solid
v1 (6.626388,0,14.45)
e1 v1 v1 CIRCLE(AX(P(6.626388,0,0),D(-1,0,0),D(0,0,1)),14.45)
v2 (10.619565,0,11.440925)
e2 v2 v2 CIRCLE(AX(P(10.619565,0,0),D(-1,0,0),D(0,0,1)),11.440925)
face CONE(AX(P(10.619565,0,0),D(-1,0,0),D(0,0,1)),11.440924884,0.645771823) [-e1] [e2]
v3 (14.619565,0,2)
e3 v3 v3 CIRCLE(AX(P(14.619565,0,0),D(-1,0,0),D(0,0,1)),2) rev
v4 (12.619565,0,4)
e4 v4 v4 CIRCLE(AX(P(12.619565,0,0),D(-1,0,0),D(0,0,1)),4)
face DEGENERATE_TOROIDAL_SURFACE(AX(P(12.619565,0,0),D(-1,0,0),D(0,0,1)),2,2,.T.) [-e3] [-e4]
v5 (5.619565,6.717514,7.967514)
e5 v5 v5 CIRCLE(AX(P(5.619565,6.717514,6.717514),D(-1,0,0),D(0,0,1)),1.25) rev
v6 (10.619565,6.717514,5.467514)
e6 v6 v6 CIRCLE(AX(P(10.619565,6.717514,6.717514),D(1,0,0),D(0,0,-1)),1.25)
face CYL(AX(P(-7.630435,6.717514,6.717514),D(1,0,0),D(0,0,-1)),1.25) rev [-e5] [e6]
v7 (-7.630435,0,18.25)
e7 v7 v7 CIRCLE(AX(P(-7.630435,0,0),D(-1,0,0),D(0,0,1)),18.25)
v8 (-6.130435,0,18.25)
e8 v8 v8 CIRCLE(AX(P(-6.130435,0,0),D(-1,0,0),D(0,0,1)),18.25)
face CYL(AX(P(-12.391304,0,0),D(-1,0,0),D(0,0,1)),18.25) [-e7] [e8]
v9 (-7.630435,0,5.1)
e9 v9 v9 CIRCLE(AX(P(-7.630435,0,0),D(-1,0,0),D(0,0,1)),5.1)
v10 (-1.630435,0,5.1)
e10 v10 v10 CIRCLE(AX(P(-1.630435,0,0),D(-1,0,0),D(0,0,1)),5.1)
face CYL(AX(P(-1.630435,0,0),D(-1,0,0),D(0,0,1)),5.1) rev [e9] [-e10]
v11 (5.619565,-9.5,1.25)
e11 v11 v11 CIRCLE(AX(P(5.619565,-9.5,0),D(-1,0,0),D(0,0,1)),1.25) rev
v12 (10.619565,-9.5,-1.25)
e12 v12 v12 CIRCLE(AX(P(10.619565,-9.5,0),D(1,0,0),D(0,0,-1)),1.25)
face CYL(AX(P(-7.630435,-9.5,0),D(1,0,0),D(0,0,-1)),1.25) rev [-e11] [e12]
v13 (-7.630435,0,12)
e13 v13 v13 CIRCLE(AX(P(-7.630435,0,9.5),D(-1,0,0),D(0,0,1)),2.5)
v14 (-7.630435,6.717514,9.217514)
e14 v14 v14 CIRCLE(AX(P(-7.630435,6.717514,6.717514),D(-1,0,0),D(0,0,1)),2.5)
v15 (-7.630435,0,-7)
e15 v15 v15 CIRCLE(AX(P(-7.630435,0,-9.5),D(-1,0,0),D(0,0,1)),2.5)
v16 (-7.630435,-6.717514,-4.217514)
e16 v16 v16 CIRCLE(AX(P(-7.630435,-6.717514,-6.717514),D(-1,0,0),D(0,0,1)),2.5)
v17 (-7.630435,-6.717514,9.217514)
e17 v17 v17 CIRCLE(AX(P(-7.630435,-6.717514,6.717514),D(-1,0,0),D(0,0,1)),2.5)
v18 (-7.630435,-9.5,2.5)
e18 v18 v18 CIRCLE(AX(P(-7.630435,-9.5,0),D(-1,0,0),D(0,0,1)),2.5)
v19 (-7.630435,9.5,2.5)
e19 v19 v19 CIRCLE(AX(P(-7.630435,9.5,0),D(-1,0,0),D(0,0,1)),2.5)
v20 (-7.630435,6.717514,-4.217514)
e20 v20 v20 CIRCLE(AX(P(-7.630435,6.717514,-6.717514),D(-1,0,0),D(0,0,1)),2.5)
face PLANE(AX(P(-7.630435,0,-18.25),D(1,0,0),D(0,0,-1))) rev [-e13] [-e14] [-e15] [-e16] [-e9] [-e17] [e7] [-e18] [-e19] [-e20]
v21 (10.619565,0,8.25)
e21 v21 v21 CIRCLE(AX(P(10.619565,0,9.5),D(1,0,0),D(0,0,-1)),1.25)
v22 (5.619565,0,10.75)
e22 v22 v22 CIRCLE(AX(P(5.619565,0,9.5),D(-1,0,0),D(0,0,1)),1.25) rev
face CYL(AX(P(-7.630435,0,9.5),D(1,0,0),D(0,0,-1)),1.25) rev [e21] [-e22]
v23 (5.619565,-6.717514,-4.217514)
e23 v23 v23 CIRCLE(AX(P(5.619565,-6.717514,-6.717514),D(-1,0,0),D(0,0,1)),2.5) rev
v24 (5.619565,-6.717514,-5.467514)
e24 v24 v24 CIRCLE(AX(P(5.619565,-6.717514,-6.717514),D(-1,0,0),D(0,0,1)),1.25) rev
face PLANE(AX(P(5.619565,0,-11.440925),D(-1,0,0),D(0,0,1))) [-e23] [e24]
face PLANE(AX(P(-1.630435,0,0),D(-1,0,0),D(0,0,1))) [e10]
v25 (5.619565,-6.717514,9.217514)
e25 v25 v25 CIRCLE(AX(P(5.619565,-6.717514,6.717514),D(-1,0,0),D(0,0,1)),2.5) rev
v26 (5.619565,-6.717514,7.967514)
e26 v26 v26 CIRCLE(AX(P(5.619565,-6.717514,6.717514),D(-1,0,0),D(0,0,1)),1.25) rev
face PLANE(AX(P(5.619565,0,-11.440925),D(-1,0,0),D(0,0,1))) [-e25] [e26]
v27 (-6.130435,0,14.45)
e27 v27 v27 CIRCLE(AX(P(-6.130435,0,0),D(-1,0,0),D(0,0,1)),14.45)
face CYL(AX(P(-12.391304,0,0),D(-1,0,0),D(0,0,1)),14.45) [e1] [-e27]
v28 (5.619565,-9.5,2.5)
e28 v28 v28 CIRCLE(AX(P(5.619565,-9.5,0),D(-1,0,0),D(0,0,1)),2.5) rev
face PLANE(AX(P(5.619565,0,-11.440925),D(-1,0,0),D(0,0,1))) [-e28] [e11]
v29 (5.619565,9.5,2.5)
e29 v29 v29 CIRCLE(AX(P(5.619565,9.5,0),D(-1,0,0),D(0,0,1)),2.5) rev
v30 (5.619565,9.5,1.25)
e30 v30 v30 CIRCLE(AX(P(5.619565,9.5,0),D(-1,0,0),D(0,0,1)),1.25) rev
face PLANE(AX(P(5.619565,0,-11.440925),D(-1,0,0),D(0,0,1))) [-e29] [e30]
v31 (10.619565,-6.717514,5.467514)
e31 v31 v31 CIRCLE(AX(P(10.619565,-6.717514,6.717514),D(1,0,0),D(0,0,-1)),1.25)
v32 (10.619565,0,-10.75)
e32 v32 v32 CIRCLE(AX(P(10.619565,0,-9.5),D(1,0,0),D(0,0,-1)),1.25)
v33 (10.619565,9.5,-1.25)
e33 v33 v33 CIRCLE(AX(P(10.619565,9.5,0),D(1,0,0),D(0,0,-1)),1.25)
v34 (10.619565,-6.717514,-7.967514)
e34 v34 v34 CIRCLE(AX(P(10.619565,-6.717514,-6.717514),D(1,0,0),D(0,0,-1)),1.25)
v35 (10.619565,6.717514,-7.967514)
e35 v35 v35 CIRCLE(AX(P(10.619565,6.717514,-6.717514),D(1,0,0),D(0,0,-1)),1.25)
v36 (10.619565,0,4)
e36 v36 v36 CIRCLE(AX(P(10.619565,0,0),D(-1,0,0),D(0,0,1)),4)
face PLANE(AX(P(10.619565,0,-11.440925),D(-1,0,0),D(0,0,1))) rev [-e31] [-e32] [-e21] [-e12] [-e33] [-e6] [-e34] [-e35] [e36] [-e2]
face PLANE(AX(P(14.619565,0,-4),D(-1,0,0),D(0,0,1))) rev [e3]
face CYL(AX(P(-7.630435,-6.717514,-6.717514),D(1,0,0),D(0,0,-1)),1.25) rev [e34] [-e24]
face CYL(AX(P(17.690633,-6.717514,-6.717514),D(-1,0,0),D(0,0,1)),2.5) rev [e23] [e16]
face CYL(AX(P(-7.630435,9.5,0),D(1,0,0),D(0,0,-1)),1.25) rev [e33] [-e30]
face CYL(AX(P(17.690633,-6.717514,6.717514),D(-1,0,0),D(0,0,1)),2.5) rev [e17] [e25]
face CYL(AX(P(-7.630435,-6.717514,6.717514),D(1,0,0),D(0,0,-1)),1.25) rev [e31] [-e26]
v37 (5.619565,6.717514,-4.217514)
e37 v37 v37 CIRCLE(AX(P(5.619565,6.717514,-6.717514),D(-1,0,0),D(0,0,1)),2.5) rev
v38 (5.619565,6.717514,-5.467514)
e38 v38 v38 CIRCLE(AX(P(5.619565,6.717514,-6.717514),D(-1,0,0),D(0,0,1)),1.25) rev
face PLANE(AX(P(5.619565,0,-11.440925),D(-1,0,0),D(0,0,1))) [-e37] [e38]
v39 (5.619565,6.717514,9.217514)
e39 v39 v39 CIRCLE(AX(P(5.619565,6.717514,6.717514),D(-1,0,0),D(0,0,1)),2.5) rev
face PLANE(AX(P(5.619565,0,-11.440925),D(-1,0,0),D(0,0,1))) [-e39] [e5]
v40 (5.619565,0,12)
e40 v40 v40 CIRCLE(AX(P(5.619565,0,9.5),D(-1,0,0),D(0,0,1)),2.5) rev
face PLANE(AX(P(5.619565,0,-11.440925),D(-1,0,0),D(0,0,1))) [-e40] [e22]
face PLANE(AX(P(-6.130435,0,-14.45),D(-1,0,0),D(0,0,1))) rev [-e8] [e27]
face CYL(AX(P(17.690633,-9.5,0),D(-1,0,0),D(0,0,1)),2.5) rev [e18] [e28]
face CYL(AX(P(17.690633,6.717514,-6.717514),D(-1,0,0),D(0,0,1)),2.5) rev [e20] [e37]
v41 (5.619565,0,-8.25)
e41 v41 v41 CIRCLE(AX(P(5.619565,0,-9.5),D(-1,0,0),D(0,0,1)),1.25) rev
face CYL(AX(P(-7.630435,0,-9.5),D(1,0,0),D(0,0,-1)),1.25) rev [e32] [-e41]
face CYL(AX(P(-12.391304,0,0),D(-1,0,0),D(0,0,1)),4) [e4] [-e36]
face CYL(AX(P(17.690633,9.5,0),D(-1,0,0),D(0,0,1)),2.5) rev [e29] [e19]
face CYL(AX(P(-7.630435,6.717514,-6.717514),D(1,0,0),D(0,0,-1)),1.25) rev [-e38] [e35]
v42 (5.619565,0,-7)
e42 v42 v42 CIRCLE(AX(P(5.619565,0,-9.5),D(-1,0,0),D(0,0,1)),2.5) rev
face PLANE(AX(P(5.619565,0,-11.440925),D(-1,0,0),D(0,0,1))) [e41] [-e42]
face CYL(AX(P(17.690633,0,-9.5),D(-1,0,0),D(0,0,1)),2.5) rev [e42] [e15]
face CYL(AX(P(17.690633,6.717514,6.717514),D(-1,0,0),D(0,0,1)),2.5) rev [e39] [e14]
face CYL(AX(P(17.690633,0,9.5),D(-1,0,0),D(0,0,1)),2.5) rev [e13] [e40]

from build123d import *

# Parameters (mm, degrees)
SKETCH2_R          = 1.25
CUT_EXTRUDE1_DEPTH = 19.25
FILLET1_R          = 2
SKETCH3_R          = 2.5
CUT_EXTRUDE2_DEPTH = 13.25
SKETCH4_R          = 5.1
CUT_EXTRUDE3_DEPTH = 6


with BuildPart() as part:
    # Sketch1 → Revolve1 (revolve)
    with BuildSketch(Plane(origin=(0, 0, 0), x_dir=(1, 0, 0), z_dir=(0, 1, 0))):
        Polygon((-6.130434783, 14.45), (6.626387667, 14.45), (10.619565217, 11.440924884), (10.619565217, 4), (14.619565217, 4), (14.619565217, 0), (13.372742768, 0), (-6.130434783, 0), (-7.630434783, 0), (-7.630434783, 18.25), (-6.130434783, 18.25), align=None)
    revolve(axis=Axis((-12.391304348, 0, 0), (1, 0, 0)))

    # Sketch2 → Cut-Extrude1 (cut, through all)
    with BuildSketch(Plane(origin=(10.619565217, 0, 0), x_dir=(0, 0, -1), z_dir=(1, 0, 0))):
        with Locations((0, 9.5)):
            Circle(SKETCH2_R)
        with Locations((6.717514421, 6.717514421)):
            Circle(SKETCH2_R)
        with Locations((9.5, 0)):
            Circle(SKETCH2_R)
        with Locations((6.717514421, -6.717514421)):
            Circle(SKETCH2_R)
        with Locations((0, -9.5)):
            Circle(SKETCH2_R)
        with Locations((-6.717514421, -6.717514421)):
            Circle(SKETCH2_R)
        with Locations((-9.5, 0)):
            Circle(SKETCH2_R)
        with Locations((-6.717514421, 6.717514421)):
            Circle(SKETCH2_R)
    extrude(amount=-CUT_EXTRUDE1_DEPTH, mode=Mode.SUBTRACT)

    # Fillet1
    fillet1_edges = [part.edges().sort_by_distance(p)[0] for p in [
        (14.619565217, 0, 4),
    ]]
    fillet(fillet1_edges, radius=FILLET1_R)

    # Sketch3 → Cut-Extrude2 (cut)
    with BuildSketch(Plane.ZY.offset(7.630434783)):
        with Locations((0, 9.5)):
            Circle(SKETCH3_R)
        with Locations((6.717514421, 6.717514421)):
            Circle(SKETCH3_R)
        with Locations((9.5, 0)):
            Circle(SKETCH3_R)
        with Locations((6.717514421, -6.717514421)):
            Circle(SKETCH3_R)
        with Locations((0, -9.5)):
            Circle(SKETCH3_R)
        with Locations((-6.717514421, -6.717514421)):
            Circle(SKETCH3_R)
        with Locations((-9.5, 0)):
            Circle(SKETCH3_R)
        with Locations((-6.717514421, 6.717514421)):
            Circle(SKETCH3_R)
    extrude(amount=-CUT_EXTRUDE2_DEPTH, mode=Mode.SUBTRACT)

    # Sketch4 → Cut-Extrude3 (cut)
    with BuildSketch(Plane.ZY.offset(7.630434783)):
        Circle(SKETCH4_R)
    extrude(amount=-CUT_EXTRUDE3_DEPTH, mode=Mode.SUBTRACT)


solid = part.part
